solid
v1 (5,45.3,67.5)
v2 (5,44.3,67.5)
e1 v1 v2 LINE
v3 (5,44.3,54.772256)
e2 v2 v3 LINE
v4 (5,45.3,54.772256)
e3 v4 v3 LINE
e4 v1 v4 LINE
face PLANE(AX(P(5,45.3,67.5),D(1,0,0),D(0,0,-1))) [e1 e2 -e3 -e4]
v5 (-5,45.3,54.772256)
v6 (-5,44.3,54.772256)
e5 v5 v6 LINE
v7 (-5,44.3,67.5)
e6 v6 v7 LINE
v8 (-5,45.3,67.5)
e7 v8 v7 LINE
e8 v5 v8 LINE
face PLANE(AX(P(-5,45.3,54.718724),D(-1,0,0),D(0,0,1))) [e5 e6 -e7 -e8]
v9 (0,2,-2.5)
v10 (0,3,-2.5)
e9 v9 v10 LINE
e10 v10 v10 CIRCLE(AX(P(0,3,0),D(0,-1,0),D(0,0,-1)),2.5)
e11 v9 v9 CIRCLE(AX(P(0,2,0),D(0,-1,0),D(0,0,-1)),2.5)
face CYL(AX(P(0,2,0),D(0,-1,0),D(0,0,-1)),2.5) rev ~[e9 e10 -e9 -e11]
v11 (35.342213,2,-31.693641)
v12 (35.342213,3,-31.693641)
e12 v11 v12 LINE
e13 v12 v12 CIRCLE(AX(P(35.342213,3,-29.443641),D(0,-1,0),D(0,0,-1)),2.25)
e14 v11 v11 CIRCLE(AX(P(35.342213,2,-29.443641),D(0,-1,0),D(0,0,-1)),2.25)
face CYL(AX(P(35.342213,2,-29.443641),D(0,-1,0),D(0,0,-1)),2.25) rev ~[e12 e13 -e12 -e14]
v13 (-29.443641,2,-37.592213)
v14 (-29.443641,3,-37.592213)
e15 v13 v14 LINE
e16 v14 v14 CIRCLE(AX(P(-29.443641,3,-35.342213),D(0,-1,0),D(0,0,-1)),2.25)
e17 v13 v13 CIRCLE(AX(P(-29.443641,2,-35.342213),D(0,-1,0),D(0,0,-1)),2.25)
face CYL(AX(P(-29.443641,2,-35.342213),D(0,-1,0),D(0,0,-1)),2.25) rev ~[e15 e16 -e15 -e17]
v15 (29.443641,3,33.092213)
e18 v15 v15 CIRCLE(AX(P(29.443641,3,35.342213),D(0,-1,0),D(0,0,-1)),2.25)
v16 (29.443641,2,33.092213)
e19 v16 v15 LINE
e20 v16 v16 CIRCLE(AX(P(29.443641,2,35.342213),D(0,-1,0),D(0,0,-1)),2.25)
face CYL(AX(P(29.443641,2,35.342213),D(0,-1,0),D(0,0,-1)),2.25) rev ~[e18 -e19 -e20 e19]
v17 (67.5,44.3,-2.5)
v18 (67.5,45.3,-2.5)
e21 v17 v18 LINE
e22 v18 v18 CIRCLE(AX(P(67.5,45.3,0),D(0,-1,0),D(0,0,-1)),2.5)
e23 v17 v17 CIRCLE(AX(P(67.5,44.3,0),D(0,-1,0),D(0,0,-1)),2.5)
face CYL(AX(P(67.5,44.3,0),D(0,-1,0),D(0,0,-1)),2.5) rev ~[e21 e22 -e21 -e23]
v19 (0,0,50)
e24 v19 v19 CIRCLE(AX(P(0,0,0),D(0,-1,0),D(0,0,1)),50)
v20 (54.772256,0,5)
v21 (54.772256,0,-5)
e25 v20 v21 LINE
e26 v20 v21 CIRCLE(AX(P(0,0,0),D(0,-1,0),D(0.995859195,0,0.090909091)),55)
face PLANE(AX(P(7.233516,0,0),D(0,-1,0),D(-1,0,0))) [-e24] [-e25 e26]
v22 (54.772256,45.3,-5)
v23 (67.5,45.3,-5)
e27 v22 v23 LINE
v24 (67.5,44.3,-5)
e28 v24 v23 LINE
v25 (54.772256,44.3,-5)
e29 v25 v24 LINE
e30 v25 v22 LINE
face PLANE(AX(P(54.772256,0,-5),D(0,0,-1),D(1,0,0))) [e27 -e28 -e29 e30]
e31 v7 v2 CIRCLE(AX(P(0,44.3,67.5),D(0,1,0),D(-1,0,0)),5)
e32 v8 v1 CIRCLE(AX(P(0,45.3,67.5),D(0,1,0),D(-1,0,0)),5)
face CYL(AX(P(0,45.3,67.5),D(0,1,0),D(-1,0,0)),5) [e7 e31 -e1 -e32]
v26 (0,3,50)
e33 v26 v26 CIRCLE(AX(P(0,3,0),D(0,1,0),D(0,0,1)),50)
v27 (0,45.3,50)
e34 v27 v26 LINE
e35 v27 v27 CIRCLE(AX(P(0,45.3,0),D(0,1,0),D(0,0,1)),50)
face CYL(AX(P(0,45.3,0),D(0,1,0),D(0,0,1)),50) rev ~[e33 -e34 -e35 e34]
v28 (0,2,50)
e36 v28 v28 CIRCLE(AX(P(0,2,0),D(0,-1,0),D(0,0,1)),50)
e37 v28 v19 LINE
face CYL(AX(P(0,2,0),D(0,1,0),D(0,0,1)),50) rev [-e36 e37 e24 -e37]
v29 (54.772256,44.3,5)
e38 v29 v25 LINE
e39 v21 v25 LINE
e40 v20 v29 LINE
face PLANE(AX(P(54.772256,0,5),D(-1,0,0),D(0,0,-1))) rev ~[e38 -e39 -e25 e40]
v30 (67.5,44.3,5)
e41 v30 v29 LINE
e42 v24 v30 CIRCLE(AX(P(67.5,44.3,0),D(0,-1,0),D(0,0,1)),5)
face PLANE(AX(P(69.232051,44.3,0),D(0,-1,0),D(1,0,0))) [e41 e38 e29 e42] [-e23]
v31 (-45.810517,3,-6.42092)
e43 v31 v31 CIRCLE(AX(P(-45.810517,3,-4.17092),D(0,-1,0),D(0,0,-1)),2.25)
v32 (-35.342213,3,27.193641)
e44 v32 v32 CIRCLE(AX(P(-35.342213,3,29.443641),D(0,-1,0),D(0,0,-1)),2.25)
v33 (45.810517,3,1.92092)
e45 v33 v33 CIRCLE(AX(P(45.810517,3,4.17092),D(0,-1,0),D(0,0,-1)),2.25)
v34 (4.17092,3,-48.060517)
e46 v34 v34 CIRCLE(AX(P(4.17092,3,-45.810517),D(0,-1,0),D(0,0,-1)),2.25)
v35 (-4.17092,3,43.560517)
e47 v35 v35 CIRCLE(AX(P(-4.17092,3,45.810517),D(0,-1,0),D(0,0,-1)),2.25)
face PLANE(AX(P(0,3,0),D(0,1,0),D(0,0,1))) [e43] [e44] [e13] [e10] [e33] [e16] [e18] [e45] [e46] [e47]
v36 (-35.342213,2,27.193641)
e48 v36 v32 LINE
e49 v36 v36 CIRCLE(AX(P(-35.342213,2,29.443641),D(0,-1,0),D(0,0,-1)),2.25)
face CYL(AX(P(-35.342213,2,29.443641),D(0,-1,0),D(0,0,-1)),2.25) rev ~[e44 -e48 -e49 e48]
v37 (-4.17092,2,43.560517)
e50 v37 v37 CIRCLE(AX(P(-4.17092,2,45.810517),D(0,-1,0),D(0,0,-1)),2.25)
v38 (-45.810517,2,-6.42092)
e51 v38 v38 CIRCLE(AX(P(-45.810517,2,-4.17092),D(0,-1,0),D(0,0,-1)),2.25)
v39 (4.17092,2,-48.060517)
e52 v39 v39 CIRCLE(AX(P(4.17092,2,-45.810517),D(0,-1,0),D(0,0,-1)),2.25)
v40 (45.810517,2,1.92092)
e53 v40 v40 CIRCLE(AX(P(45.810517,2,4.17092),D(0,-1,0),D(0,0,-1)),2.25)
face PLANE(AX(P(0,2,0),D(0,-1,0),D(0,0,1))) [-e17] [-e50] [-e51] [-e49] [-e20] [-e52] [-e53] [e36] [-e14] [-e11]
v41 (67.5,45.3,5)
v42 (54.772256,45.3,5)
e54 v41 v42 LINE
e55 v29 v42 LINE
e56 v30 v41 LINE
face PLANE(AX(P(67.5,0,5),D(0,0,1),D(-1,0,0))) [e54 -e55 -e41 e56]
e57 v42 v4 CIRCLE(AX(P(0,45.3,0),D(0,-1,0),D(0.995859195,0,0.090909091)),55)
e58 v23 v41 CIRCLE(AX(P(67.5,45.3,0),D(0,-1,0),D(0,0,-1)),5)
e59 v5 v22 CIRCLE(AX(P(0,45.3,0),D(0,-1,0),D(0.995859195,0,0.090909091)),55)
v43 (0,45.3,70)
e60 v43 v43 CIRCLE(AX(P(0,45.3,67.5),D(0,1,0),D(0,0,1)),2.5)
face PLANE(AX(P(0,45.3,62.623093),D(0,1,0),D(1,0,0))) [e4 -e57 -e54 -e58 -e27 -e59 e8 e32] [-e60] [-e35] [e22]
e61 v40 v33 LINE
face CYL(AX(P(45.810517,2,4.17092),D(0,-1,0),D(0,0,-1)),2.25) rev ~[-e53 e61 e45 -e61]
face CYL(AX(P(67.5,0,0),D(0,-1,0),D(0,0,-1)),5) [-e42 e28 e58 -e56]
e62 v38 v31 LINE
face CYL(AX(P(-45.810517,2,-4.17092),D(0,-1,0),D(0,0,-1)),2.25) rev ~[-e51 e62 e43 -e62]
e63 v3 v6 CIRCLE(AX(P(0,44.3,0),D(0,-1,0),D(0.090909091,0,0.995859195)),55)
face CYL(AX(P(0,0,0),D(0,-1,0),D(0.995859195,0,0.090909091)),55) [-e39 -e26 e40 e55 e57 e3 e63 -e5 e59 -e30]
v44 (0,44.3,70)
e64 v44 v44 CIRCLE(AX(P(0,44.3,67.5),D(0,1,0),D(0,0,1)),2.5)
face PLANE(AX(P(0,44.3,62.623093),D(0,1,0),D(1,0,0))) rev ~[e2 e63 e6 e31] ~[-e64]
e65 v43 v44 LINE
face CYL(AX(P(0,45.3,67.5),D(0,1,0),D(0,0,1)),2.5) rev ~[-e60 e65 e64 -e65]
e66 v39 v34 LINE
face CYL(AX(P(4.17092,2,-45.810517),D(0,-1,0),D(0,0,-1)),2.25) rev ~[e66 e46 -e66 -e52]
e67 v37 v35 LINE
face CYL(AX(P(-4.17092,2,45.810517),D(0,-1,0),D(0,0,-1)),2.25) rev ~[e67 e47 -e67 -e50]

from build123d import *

# Parameters (mm, degrees)
EXTRUDE_1_DEPTH     = 45.3
SKETCH_2_R          = 50
CUT_EXTRUDE_1_DEPTH = 42.3
CUT_EXTRUDE_3_DEPTH = 44.3
CUT_EXTRUDE_START   = -2
SKETCH_5_R          = 50
CUT_EXTRUDE_4_DEPTH = 2
SKETCH_6_R          = 2.25
CUT_EXTRUDE_5_DEPTH = 101.777676099
SKETCH_7_R          = 2.5
CUT_EXTRUDE_6_DEPTH = 101.777676099
SKETCH_8_R          = 2.5
CUT_EXTRUDE_7_DEPTH = 102.211362998
EXTRUDE_2_DEPTH     = 1
SKETCH_10_R         = 2.5
CUT_EXTRUDE_8_DEPTH = 1


with BuildPart() as part:
    # 草图1 → 凸台-拉伸1 (new body)
    with BuildSketch(Plane(origin=(0, 0, 0), x_dir=(1, 0, 0), z_dir=(0, 1, 0))):
        with BuildLine():
            Line((54.772255751, 5), (67.5, 5))
            ThreePointArc((67.5, 5), (72.5, 0), (67.5, -5))
            Line((67.5, -5), (54.772255751, -5))
            ThreePointArc((54.772255751, -5), (-55, 0), (54.772255751, 5))
        make_face()
    extrude(amount=EXTRUDE_1_DEPTH)

    # 草图2 → 切除-拉伸1 (cut)
    with BuildSketch(Plane(origin=(0, 45.3, 0), x_dir=(1, 0, 0), z_dir=(0, 1, 0))):
        with Locations(Location((0, 0, 0), (0, 0, 270))):
            Circle(SKETCH_2_R)
    extrude(amount=-CUT_EXTRUDE_1_DEPTH, mode=Mode.SUBTRACT)

    # 草图4 → 切除-拉伸3 (cut)
    with BuildSketch(Plane.XZ):
        with BuildLine():
            Line((67.5, 5), (67.5, -5))
            ThreePointArc((67.5, -5), (72.5, 0), (67.5, 5))
        make_face()
        with BuildLine():
            ThreePointArc((72.5, 0), (71.035533906, 3.535533906), (67.5, 5))
            Line((67.5, 5), (67.5, -5))
            ThreePointArc((67.5, -5), (71.035533906, -3.535533906), (72.5, 0))
        make_face()
        with BuildLine():
            Line((67.5, -5), (67.5, 5))
            ThreePointArc((67.5, 5), (62.5, 0), (67.5, -5))
        make_face()
        with BuildLine():
            Line((67.5, 5), (54.772255751, 5))
            Line((54.772255751, 5), (54.772255751, -5))
            Line((54.772255751, -5), (67.5, -5))
            ThreePointArc((67.5, -5), (62.5, 0), (67.5, 5))
        make_face()
    extrude(amount=-CUT_EXTRUDE_3_DEPTH, mode=Mode.SUBTRACT)

    # 草图5 → 切除-拉伸4 (cut)
    with BuildSketch(Plane.XZ.offset(CUT_EXTRUDE_START)):
        with Locations(Location((0, 0, 0), (0, 0, 90))):
            Circle(SKETCH_5_R)
    extrude(amount=CUT_EXTRUDE_4_DEPTH, mode=Mode.SUBTRACT)

    # 草图6 → 切除-拉伸5 (cut, through all)
    with BuildSketch(Plane(origin=(0, 2, 0), x_dir=(-1, 0, 0), z_dir=(0, -1, 0))):
        with Locations(Location((-4.170920038, 45.810516544, 0), (0, 0, 90))):
            Circle(SKETCH_6_R)
        with Locations(Location((29.443641055, 35.342212741, 0), (0, 0, 90))):
            Circle(SKETCH_6_R)
        with Locations(Location((45.810516544, 4.170920038, 0), (0, 0, 90))):
            Circle(SKETCH_6_R)
        with Locations(Location((35.342212741, -29.443641055, 0), (0, 0, 90))):
            Circle(SKETCH_6_R)
        with Locations(Location((4.170920038, -45.810516544, 0), (0, 0, 90))):
            Circle(SKETCH_6_R)
        with Locations(Location((-29.443641055, -35.342212741, 0), (0, 0, 90))):
            Circle(SKETCH_6_R)
        with Locations(Location((-45.810516544, -4.170920038, 0), (0, 0, 90))):
            Circle(SKETCH_6_R)
        with Locations(Location((-35.342212741, 29.443641055, 0), (0, 0, 90))):
            Circle(SKETCH_6_R)
    extrude(amount=-CUT_EXTRUDE_5_DEPTH, mode=Mode.SUBTRACT)

    # 草图7 → 切除-拉伸6 (cut, through all)
    with BuildSketch(Plane.XZ.offset(-2)):
        with Locations(Location((0, 0, 0), (0, 0, 270))):
            Circle(SKETCH_7_R)
    extrude(amount=-CUT_EXTRUDE_6_DEPTH, mode=Mode.SUBTRACT)

    # 草图8 → 切除-拉伸7 (cut, through all)
    with BuildSketch(Plane.XZ.offset(-44.3)):
        with Locations(Location((67.5, 0, 0), (0, 0, 270))):
            Circle(SKETCH_8_R)
    extrude(amount=-CUT_EXTRUDE_7_DEPTH, mode=Mode.SUBTRACT)

    # 草图9 → 凸台-拉伸2 (add)
    with BuildSketch(Plane(origin=(0, 45.3, 0), x_dir=(1, 0, 0), z_dir=(0, 1, 0))):
        with BuildLine():
            Line((5, -67.5), (5, -54.718723613))
            Line((5, -54.718723613), (0, -55))
            Line((0, -55), (-5, -54.718723613))
            Line((-5, -54.718723613), (-5, -67.5))
            ThreePointArc((-5, -67.5), (0, -72.5), (5, -67.5))
        make_face()
    extrude(amount=-EXTRUDE_2_DEPTH)

    # 草图10 → 切除-拉伸8 (cut)
    with BuildSketch(Plane(origin=(0, 45.3, 0), x_dir=(1, 0, 0), z_dir=(0, 1, 0))):
        with Locations(Location((0, -67.5, 0), (0, 0, 270))):
            Circle(SKETCH_10_R)
    extrude(amount=-CUT_EXTRUDE_8_DEPTH, mode=Mode.SUBTRACT)


solid = part.part
